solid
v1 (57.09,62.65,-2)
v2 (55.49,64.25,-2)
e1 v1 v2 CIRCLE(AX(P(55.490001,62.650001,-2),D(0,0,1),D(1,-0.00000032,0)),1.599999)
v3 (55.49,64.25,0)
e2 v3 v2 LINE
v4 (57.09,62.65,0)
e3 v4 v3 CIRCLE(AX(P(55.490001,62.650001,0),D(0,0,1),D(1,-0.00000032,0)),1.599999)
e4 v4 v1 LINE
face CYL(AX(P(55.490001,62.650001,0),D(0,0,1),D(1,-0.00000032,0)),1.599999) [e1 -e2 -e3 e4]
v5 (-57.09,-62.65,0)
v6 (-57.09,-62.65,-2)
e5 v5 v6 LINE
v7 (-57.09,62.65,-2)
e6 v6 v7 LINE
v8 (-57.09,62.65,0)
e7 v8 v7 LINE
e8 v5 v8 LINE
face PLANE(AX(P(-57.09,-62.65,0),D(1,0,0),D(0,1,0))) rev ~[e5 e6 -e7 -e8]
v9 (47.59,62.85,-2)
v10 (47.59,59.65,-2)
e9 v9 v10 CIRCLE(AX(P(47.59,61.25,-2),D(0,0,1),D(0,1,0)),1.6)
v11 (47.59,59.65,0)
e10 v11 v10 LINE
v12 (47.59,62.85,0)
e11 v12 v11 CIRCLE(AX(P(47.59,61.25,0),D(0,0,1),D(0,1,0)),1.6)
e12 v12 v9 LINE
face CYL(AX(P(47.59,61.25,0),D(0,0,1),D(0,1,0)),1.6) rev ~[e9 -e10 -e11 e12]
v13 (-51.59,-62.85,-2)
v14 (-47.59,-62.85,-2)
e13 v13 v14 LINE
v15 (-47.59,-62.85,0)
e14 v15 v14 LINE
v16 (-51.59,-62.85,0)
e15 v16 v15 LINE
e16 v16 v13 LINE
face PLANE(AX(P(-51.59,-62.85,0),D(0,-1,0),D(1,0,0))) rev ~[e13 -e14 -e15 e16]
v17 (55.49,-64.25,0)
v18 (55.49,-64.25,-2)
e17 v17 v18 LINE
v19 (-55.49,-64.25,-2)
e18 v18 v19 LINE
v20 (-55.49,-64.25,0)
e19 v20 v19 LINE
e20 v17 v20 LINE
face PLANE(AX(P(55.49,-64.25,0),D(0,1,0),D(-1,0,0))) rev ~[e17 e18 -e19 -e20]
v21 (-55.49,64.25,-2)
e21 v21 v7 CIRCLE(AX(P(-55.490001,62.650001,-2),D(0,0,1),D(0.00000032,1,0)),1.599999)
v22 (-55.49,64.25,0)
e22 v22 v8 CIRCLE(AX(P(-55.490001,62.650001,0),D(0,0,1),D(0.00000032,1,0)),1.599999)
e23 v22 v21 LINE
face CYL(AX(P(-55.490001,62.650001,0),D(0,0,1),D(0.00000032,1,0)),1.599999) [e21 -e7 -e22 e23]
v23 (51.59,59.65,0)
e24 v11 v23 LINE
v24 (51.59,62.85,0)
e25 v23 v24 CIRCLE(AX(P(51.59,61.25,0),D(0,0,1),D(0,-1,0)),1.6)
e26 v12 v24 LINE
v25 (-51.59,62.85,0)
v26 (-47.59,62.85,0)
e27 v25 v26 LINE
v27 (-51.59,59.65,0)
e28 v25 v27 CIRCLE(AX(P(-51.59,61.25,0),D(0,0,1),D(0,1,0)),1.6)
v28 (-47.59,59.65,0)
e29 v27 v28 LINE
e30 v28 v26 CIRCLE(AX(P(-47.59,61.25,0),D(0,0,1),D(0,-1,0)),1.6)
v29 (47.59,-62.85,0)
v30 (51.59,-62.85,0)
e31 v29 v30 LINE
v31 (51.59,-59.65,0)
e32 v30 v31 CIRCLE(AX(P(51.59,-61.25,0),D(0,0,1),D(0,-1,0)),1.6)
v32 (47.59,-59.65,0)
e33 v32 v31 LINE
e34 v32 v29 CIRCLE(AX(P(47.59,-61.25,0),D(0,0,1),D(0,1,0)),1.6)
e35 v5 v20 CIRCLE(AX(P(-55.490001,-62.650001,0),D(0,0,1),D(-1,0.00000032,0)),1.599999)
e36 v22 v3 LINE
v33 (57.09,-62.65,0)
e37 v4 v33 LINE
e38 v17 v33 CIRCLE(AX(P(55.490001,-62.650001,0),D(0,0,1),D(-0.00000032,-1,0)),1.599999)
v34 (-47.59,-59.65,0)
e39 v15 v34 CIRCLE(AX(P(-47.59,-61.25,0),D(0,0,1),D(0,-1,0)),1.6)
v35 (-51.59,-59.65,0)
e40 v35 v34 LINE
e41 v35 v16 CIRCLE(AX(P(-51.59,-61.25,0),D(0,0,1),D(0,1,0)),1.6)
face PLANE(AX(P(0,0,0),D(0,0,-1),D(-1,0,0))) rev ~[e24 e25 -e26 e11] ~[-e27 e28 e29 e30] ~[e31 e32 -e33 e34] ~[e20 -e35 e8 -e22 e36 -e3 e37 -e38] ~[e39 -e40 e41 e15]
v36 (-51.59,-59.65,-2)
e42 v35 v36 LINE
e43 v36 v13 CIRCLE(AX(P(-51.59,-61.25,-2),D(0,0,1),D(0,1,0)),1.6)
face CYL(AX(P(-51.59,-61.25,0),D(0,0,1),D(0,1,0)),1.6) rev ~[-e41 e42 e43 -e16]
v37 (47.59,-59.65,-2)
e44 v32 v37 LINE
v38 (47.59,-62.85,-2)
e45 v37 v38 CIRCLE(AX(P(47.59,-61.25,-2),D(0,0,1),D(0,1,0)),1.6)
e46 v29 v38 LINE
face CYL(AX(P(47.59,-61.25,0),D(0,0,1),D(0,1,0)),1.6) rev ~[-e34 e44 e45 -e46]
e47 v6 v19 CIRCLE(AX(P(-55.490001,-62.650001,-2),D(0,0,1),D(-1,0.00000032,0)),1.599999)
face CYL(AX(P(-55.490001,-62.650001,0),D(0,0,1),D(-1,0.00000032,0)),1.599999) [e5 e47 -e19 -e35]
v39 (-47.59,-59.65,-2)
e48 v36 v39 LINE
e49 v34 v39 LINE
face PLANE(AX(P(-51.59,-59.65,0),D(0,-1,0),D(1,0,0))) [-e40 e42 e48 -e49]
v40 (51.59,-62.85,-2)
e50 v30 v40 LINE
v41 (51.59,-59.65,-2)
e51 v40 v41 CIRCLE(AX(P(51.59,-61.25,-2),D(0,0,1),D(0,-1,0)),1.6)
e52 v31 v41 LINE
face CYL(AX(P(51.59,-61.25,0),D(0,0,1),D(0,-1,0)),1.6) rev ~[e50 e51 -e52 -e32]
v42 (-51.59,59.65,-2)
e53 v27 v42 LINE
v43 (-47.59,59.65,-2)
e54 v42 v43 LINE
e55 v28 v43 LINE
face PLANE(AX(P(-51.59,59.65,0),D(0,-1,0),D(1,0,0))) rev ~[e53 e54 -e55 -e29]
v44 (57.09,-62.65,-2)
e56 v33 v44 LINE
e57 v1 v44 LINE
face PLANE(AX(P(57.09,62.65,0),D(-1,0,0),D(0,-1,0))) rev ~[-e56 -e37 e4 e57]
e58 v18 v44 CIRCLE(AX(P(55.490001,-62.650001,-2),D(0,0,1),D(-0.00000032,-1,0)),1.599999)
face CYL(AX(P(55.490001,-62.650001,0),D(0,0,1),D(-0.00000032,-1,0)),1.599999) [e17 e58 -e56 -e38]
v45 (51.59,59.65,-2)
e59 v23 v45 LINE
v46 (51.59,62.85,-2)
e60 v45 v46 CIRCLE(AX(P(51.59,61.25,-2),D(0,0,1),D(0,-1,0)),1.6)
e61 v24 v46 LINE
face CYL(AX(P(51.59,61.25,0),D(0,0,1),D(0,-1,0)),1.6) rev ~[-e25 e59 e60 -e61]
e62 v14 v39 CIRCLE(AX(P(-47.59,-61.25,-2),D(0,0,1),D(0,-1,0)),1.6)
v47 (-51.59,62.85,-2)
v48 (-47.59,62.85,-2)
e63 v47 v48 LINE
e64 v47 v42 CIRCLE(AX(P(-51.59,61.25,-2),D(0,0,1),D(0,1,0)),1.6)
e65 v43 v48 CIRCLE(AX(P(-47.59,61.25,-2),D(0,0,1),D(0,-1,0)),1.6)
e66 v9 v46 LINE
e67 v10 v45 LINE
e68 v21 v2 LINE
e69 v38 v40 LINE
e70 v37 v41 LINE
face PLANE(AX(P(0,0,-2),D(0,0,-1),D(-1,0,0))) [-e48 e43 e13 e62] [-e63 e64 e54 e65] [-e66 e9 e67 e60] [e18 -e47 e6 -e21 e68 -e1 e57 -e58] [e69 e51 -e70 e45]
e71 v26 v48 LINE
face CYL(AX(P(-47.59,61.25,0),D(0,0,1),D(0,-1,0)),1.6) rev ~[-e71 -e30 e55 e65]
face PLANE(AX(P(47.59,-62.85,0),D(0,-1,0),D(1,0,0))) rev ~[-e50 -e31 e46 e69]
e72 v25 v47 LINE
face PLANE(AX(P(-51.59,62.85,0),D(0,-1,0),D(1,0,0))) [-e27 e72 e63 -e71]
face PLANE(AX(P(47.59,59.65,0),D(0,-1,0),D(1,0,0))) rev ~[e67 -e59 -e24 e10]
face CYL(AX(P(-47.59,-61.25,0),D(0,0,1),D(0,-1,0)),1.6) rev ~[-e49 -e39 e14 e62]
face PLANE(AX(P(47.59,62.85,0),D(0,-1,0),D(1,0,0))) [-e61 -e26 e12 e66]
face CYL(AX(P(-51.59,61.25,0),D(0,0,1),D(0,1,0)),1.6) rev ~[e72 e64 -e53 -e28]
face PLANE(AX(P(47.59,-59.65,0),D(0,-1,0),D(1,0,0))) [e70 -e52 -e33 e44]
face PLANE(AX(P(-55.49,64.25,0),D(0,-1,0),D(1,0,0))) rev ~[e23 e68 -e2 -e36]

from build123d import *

# Parameters (mm, degrees)
EXTRUDE_DEPTH = 2


with BuildPart() as part:
    # Sketch → Extrude (new body)
    with BuildSketch(Plane.XY):
        with BuildLine():
            Line((-55.49, 64.25), (55.49, 64.25))
            ThreePointArc((57.09, 62.65), (56.621371, 63.781371), (55.49, 64.25))
            Line((57.09, 62.65), (57.09, -62.65))
            ThreePointArc((55.49, -64.25), (56.621371, -63.781371), (57.09, -62.65))
            Line((55.49, -64.25), (-55.49, -64.25))
            ThreePointArc((-57.09, -62.65), (-56.621371, -63.781371), (-55.49, -64.25))
            Line((-57.09, -62.65), (-57.09, 62.65))
            ThreePointArc((-55.49, 64.25), (-56.621371, 63.781371), (-57.09, 62.65))
        make_face()
        with BuildLine():
            ThreePointArc((-51.59, 62.85), (-53.19, 61.25), (-51.59, 59.65))
            Line((-51.59, 59.65), (-47.59, 59.65))
            ThreePointArc((-47.59, 59.65), (-45.99, 61.25), (-47.59, 62.85))
            Line((-51.59, 62.85), (-47.59, 62.85))
        make_face(mode=Mode.SUBTRACT)
        with BuildLine():
            ThreePointArc((47.59, 62.85), (45.99, 61.25), (47.59, 59.65))
            Line((47.59, 59.65), (51.59, 59.65))
            ThreePointArc((51.59, 59.65), (53.19, 61.25), (51.59, 62.85))
            Line((47.59, 62.85), (51.59, 62.85))
        make_face(mode=Mode.SUBTRACT)
        with BuildLine():
            ThreePointArc((-51.59, -59.65), (-53.19, -61.25), (-51.59, -62.85))
            Line((-51.59, -62.85), (-47.59, -62.85))
            ThreePointArc((-47.59, -62.85), (-45.99, -61.25), (-47.59, -59.65))
            Line((-51.59, -59.65), (-47.59, -59.65))
        make_face(mode=Mode.SUBTRACT)
        with BuildLine():
            ThreePointArc((47.59, -59.65), (45.99, -61.25), (47.59, -62.85))
            Line((47.59, -62.85), (51.59, -62.85))
            ThreePointArc((51.59, -62.85), (53.19, -61.25), (51.59, -59.65))
            Line((47.59, -59.65), (51.59, -59.65))
        make_face(mode=Mode.SUBTRACT)
    extrude(amount=-EXTRUDE_DEPTH)


solid = part.part
